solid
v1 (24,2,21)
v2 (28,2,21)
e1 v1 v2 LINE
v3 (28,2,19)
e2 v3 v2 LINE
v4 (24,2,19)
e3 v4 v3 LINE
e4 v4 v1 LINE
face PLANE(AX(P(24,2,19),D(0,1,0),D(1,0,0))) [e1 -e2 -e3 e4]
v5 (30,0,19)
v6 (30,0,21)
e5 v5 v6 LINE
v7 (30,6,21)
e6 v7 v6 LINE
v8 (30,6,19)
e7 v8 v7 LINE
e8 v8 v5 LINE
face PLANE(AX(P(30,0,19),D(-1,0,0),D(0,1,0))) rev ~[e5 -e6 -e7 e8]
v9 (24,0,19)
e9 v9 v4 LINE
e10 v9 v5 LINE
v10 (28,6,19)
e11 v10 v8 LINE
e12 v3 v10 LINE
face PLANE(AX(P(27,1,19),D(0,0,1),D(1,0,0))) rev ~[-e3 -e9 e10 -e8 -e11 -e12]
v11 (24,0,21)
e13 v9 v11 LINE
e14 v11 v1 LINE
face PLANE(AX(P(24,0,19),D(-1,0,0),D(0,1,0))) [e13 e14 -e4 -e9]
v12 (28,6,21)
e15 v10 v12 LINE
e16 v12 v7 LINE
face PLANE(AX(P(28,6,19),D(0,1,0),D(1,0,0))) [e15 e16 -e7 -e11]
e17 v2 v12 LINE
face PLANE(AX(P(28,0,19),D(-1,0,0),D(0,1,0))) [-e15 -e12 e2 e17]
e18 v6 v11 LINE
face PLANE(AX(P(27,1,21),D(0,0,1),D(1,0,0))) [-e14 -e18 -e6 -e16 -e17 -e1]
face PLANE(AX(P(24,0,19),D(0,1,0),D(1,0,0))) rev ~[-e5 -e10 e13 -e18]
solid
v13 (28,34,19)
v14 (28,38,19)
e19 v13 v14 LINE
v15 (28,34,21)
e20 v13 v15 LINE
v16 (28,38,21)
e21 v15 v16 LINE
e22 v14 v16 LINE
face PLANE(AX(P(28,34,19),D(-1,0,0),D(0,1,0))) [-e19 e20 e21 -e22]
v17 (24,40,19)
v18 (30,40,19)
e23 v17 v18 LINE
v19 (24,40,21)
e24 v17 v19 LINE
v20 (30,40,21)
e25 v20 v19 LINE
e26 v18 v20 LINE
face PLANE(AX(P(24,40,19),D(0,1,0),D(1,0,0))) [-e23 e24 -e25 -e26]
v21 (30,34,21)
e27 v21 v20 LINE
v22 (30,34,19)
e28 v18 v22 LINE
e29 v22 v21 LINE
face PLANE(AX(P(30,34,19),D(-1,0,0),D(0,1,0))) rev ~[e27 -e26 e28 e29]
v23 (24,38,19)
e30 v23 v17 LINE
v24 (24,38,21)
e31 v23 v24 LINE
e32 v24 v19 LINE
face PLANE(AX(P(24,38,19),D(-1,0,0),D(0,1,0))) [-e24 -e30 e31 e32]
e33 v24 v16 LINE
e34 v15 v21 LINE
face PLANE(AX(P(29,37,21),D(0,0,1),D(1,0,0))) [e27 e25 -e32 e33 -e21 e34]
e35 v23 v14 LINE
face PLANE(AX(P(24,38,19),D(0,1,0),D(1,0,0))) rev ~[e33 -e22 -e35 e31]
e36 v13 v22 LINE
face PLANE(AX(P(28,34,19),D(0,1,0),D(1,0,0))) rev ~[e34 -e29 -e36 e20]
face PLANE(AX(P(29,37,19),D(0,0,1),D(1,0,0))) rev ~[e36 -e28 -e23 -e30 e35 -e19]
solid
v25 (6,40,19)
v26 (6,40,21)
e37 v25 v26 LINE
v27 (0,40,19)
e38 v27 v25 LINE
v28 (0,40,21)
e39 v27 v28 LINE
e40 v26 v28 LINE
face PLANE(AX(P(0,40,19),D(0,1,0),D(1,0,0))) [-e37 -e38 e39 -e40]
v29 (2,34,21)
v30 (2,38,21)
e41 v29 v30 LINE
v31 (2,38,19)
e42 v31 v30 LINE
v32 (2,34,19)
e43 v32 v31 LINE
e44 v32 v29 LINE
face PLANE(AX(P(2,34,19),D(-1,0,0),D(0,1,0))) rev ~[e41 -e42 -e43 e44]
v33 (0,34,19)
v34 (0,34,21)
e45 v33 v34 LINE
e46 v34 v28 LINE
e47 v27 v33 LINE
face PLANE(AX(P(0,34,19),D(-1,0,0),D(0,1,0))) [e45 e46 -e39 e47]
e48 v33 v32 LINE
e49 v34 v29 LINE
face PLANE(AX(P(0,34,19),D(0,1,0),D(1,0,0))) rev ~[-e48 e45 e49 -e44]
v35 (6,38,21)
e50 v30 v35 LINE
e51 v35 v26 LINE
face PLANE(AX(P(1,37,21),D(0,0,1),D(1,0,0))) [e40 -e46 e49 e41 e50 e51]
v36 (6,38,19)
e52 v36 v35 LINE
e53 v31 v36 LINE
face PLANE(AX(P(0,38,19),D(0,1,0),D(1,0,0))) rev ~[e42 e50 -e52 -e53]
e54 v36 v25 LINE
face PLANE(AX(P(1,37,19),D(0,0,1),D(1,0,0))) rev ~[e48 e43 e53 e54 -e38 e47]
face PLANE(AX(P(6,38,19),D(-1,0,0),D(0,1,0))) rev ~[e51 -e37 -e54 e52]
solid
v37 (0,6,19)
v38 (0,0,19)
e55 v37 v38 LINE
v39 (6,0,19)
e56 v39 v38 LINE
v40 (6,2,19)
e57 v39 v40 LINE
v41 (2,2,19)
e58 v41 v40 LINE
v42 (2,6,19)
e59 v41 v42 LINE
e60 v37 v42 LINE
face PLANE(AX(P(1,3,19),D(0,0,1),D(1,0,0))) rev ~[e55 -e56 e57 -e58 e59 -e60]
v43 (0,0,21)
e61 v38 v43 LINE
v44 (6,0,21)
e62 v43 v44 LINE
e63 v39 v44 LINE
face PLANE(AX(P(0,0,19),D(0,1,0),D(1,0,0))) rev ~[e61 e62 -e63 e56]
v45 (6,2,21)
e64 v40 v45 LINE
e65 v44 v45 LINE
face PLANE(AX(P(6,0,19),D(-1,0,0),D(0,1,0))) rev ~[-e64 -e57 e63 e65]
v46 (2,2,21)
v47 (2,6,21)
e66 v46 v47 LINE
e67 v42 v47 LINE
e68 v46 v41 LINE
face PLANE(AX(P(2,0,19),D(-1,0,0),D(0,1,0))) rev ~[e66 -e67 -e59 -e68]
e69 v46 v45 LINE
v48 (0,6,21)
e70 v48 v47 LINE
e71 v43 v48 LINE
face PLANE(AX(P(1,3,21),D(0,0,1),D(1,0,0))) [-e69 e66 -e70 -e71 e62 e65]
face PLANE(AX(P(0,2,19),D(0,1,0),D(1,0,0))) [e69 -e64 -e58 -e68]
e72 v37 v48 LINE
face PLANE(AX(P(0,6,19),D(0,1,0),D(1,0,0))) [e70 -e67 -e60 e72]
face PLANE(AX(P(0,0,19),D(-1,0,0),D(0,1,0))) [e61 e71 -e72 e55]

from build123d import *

# Parameters (mm, degrees)
BOX044_W     = 6
BOX044_H     = 2
BOX044_DEPTH = 2
BOX045_W     = 6
BOX045_H     = 2
BOX045_DEPTH = 2
BOX046_W     = 6
BOX046_H     = 2
BOX046_DEPTH = 2
BOX048_W     = 6
BOX048_H     = 2
BOX048_DEPTH = 2
BOX049_W     = 2
BOX049_H     = 6
BOX049_DEPTH = 2
BOX050_W     = 2
BOX050_H     = 6
BOX050_DEPTH = 2
BOX051_W     = 2
BOX051_H     = 6
BOX051_DEPTH = 2
BOX043_W     = 2
BOX043_H     = 6
BOX043_DEPTH = 2


with BuildPart() as cube001:
    # Box044 → Box044 (new body)
    with BuildSketch(Plane.XY.offset(19)):
        with Locations((3, 1)):
            Rectangle(BOX044_W, BOX044_H)
    extrude(amount=BOX044_DEPTH)


with BuildPart() as cube002:
    # Box045 → Box045 (new body)
    with BuildSketch(Plane(origin=(24, 0, 19), x_dir=(1, 0, 0), z_dir=(0, 0, 1))):
        with Locations((3, 1)):
            Rectangle(BOX045_W, BOX045_H)
    extrude(amount=BOX045_DEPTH)


with BuildPart() as cube003:
    # Box046 → Box046 (new body)
    with BuildSketch(Plane(origin=(0, 38, 19), x_dir=(1, 0, 0), z_dir=(0, 0, 1))):
        with Locations((3, 1)):
            Rectangle(BOX046_W, BOX046_H)
    extrude(amount=BOX046_DEPTH)


with BuildPart() as cube005:
    # Box048 → Box048 (new body)
    with BuildSketch(Plane(origin=(24, 38, 19), x_dir=(1, 0, 0), z_dir=(0, 0, 1))):
        with Locations((3, 1)):
            Rectangle(BOX048_W, BOX048_H)
    extrude(amount=BOX048_DEPTH)


with BuildPart() as cube006:
    # Box049 → Box049 (new body)
    with BuildSketch(Plane(origin=(28, 0, 19), x_dir=(1, 0, 0), z_dir=(0, 0, 1))):
        with Locations((1, 3)):
            Rectangle(BOX049_W, BOX049_H)
    extrude(amount=BOX049_DEPTH)


with BuildPart() as cube007:
    # Box050 → Box050 (new body)
    with BuildSketch(Plane(origin=(0, 34, 19), x_dir=(1, 0, 0), z_dir=(0, 0, 1))):
        with Locations((1, 3)):
            Rectangle(BOX050_W, BOX050_H)
    extrude(amount=BOX050_DEPTH)


with BuildPart() as cube008:
    # Box051 → Box051 (new body)
    with BuildSketch(Plane(origin=(28, 34, 19), x_dir=(1, 0, 0), z_dir=(0, 0, 1))):
        with Locations((1, 3)):
            Rectangle(BOX051_W, BOX051_H)
    extrude(amount=BOX051_DEPTH)


with BuildPart() as support:
    # Box043 → Box043 (new body)
    with BuildSketch(Plane.XY.offset(19)):
        with Locations((1, 3)):
            Rectangle(BOX043_W, BOX043_H)
    extrude(amount=BOX043_DEPTH)

    # Fusion012: union Cube001, Cube002, Cube003, Cube005, Cube006, Cube007, Cube008
    add(cube001.part)
    add(cube002.part)
    add(cube003.part)
    add(cube005.part)
    add(cube006.part)
    add(cube007.part)
    add(cube008.part)


solid = support.part
